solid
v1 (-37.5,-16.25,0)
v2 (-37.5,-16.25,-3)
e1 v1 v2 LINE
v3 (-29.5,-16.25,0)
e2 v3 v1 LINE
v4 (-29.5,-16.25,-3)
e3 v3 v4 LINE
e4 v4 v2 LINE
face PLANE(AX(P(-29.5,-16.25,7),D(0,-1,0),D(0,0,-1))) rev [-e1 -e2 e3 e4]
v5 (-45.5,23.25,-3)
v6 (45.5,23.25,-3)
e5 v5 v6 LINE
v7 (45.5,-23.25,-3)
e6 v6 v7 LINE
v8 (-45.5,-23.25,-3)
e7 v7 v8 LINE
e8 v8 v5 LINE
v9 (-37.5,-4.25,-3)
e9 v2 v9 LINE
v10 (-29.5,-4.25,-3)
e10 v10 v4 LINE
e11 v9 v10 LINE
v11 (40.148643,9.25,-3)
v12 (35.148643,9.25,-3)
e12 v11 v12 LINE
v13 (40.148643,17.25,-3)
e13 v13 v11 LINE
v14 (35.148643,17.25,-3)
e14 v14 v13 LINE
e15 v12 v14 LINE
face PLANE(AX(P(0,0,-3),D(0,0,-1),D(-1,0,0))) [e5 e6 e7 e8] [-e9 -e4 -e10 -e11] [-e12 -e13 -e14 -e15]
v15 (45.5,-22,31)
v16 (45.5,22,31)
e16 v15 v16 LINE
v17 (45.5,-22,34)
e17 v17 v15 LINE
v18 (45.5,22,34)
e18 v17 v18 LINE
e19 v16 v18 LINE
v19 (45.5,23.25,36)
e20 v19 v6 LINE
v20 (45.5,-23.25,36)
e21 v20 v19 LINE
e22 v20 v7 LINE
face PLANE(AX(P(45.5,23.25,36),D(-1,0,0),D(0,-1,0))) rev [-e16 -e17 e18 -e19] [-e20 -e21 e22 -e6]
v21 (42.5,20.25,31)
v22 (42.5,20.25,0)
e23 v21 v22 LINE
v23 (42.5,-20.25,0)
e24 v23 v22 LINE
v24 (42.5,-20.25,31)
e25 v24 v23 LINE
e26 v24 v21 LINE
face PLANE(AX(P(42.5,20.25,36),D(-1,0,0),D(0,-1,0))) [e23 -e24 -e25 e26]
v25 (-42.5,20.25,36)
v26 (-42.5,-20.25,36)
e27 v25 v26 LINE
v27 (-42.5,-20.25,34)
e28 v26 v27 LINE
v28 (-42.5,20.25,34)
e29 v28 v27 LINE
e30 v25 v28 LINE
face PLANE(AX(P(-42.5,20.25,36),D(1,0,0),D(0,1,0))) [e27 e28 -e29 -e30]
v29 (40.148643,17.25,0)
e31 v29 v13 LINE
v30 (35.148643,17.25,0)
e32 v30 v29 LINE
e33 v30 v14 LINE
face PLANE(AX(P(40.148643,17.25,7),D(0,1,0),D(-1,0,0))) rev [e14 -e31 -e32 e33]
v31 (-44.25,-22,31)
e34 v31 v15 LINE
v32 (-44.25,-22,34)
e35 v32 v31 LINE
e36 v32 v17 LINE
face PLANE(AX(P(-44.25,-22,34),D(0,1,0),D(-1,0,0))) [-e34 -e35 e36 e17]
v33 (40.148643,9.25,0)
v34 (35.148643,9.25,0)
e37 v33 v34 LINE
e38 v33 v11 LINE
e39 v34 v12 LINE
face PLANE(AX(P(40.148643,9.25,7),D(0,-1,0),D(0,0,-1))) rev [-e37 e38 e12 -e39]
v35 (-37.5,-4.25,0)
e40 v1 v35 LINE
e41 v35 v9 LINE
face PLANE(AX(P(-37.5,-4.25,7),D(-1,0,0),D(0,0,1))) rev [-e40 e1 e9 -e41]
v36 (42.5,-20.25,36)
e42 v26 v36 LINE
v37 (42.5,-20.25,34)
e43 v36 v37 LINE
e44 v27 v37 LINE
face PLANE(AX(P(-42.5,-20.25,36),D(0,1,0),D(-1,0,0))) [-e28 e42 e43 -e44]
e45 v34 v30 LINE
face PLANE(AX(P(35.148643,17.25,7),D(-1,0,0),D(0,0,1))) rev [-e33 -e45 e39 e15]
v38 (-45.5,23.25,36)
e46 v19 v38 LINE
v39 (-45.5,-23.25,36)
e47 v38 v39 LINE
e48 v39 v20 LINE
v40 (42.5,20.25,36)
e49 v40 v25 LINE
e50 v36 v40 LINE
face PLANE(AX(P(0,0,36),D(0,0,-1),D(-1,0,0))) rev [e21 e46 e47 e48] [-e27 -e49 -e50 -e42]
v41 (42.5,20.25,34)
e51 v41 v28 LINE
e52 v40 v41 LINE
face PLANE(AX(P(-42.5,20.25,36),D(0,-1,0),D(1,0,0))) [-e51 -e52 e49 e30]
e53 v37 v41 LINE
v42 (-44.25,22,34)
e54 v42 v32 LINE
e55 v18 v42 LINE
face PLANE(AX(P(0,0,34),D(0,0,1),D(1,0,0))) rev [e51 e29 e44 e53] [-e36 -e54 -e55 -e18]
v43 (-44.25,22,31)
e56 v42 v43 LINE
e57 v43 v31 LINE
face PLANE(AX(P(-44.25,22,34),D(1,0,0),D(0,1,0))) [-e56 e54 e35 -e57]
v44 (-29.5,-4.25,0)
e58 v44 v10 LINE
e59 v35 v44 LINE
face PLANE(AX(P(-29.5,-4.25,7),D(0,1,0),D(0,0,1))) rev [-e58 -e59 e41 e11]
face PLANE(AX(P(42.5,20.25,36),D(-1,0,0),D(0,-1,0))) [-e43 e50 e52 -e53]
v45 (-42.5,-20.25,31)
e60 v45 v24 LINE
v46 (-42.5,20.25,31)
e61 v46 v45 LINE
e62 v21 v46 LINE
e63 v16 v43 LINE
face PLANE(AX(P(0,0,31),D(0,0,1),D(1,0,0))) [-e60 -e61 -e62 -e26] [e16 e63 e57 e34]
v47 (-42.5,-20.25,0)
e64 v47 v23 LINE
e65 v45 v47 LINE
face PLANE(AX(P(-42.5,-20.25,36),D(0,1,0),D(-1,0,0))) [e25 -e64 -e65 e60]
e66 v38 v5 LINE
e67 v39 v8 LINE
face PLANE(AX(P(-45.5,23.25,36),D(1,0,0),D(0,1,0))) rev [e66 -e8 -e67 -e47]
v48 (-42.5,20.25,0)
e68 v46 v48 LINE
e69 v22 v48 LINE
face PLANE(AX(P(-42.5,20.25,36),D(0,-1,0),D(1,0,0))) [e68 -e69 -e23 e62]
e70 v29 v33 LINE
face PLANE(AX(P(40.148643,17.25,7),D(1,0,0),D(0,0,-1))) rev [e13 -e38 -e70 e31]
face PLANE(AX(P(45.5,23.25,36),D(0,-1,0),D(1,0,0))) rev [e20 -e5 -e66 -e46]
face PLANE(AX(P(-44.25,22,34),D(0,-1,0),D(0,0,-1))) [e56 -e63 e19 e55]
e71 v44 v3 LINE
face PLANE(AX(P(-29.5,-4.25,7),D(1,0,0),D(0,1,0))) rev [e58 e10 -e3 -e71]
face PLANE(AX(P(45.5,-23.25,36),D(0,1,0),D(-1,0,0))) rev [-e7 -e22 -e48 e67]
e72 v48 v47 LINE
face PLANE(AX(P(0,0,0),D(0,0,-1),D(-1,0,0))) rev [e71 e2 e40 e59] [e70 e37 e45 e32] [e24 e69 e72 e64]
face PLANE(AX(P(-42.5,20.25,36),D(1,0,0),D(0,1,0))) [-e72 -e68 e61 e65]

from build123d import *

# Parameters (mm, degrees)
SKETCH_1_W          = 91
SKETCH_1_H          = 46.5
SKETCH_1_W_2        = 85
SKETCH_1_H_2        = 40.5
EXTRUDE_1_DEPTH     = 36
SKETCH_2_W          = 91
SKETCH_2_H          = 46.5
EXTRUDE_2_DEPTH     = 3
SKETCH_3_W          = 90
SKETCH_3_H          = 44
CUT_EXTRUDE_1_DEPTH = 3
SKETCH_4_W          = 8
SKETCH_4_H          = 12
SKETCH_4_W_2        = 5
SKETCH_4_H_2        = 8
CUT_EXTRUDE_2_DEPTH = 10


with BuildPart() as part:
    # 草圖1 → 填料-伸長1 (new body)
    with BuildSketch(Plane.XY):
        Rectangle(SKETCH_1_W, SKETCH_1_H)
        Rectangle(SKETCH_1_W_2, SKETCH_1_H_2, mode=Mode.SUBTRACT)
    extrude(amount=EXTRUDE_1_DEPTH)

    # 草圖2 → 填料-伸長2 (add)
    with BuildSketch(Plane(origin=(0, 0, 0), x_dir=(-1, 0, 0), z_dir=(0, 0, -1))):
        Rectangle(SKETCH_2_W, SKETCH_2_H)
    extrude(amount=EXTRUDE_2_DEPTH)

    # 草圖3 → 除料-伸長1 (cut)
    with BuildSketch(Plane.XY.offset(31)):
        with Locations((0.75, 0)):
            Rectangle(SKETCH_3_W, SKETCH_3_H)
    extrude(amount=CUT_EXTRUDE_1_DEPTH, mode=Mode.SUBTRACT)

    # 草圖4 → 除料-伸長2 (cut)
    with BuildSketch(Plane(origin=(0, 0, -3), x_dir=(-1, 0, 0), z_dir=(0, 0, -1))):
        with Locations((33.5, -10.25)):
            Rectangle(SKETCH_4_W, SKETCH_4_H)
        with Locations((-37.648642632, 13.25)):
            Rectangle(SKETCH_4_W_2, SKETCH_4_H_2)
    extrude(amount=-CUT_EXTRUDE_2_DEPTH, mode=Mode.SUBTRACT)


solid = part.part
